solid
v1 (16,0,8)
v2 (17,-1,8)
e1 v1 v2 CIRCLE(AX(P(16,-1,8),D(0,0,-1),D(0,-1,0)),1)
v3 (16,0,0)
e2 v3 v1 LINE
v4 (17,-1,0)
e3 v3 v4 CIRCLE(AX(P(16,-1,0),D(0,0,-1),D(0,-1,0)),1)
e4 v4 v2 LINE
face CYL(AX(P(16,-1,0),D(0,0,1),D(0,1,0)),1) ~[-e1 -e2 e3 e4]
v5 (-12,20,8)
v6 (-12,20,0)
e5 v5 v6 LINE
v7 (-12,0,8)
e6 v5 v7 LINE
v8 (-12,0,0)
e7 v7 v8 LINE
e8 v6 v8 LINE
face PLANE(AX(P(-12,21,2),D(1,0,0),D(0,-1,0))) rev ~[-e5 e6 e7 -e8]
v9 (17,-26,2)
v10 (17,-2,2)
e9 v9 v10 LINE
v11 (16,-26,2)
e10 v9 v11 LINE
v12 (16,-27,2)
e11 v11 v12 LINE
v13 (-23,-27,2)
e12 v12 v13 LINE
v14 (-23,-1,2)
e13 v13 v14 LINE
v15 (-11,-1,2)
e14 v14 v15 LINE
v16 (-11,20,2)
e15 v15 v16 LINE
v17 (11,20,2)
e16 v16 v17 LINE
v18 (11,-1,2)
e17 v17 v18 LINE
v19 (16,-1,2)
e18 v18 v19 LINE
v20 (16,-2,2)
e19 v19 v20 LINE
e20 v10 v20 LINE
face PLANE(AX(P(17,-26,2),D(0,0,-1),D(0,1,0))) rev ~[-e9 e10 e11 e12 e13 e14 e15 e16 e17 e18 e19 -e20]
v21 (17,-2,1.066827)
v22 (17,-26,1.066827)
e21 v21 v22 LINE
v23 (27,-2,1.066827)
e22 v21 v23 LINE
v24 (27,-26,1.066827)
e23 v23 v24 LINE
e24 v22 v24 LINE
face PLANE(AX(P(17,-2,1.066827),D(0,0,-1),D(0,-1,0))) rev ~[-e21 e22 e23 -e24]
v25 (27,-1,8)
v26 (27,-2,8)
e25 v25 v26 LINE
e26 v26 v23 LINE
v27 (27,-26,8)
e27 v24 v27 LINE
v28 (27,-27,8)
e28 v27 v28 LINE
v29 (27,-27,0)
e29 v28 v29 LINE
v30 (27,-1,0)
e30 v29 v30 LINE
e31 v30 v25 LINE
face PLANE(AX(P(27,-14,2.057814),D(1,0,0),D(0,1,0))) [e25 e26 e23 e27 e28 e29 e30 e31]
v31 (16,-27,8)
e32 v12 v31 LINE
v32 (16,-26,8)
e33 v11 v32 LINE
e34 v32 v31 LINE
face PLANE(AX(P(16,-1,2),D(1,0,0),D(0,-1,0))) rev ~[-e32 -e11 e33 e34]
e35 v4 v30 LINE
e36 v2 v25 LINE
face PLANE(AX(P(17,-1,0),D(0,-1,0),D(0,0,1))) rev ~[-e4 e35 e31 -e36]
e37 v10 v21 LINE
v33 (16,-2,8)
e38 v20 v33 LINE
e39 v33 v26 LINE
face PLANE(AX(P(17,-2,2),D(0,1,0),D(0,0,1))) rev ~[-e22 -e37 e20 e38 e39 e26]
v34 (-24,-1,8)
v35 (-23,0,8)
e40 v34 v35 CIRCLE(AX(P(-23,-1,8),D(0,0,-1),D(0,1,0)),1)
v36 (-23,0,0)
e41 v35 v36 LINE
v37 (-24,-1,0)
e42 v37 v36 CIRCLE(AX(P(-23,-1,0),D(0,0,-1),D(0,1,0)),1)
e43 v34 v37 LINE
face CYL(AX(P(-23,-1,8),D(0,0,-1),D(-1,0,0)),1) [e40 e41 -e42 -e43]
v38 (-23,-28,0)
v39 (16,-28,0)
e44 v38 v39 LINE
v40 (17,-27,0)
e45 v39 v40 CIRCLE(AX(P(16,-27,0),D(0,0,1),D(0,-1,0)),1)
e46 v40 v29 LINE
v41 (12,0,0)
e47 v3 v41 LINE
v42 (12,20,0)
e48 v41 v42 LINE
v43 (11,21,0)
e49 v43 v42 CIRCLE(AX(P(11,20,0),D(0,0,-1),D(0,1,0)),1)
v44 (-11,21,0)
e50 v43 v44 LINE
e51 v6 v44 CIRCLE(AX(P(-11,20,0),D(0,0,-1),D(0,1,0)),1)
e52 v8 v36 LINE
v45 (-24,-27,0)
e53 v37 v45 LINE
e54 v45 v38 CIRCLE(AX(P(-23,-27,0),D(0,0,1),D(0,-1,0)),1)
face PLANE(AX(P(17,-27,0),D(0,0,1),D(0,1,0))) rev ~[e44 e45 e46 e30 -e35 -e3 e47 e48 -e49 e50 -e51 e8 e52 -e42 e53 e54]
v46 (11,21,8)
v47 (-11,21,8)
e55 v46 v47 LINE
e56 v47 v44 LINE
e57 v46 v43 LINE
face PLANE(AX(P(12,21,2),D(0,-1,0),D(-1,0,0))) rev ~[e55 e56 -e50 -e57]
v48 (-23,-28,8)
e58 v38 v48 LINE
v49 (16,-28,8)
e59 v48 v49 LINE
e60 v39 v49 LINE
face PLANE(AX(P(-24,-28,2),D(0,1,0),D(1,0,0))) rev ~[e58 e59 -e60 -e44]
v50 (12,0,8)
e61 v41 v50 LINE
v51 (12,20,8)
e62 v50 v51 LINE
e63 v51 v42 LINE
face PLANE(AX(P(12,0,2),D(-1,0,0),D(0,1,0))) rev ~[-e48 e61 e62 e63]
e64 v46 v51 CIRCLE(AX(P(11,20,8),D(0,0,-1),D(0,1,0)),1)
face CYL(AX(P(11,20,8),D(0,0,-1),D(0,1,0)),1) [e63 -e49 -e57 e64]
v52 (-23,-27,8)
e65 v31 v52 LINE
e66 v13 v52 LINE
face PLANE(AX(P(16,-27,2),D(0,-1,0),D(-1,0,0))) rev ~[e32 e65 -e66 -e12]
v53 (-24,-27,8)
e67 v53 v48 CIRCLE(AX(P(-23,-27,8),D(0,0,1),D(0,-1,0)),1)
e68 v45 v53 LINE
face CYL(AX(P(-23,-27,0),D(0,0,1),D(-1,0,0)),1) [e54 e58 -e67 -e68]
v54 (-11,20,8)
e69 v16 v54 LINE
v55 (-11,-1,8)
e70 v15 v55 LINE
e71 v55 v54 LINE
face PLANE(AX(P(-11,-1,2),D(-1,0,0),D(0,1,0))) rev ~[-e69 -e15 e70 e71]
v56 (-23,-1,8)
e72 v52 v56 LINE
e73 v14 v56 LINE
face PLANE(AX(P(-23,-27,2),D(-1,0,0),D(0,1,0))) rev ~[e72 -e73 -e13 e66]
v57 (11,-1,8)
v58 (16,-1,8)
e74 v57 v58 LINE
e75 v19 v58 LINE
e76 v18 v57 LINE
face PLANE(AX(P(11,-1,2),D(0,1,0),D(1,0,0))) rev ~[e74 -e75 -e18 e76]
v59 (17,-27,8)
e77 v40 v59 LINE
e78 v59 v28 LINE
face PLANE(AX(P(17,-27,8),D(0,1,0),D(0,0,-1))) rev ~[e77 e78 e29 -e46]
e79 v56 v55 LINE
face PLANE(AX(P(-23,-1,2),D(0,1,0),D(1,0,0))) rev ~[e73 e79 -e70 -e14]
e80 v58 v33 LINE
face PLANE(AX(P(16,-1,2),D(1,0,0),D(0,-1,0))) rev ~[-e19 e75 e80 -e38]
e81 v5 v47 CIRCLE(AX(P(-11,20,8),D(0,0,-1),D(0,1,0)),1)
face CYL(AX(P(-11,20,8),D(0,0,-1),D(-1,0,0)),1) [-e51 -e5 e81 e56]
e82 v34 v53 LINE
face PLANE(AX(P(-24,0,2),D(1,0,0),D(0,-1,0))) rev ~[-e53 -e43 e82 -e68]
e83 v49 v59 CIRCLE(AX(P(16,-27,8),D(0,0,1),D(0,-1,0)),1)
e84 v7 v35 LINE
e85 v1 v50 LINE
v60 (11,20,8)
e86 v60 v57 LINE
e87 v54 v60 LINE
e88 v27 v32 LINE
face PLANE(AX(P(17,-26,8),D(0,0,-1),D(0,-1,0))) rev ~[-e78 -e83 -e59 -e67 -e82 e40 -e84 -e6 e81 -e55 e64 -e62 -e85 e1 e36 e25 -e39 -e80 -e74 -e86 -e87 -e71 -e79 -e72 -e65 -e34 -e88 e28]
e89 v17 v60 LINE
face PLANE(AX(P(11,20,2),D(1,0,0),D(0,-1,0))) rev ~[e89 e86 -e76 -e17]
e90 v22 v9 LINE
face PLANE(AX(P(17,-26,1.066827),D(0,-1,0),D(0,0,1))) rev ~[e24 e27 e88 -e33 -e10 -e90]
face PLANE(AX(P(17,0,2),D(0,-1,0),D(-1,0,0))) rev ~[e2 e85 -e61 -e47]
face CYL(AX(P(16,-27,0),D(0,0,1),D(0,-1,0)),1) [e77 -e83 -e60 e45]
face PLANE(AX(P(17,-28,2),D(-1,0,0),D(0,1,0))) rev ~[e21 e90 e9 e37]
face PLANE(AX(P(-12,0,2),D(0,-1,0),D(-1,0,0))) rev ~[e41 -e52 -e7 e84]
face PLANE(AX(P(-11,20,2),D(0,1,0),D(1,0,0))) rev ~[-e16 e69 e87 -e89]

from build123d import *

# Parameters (mm, degrees)
F1_DEPTH = 2
F3_DEPTH = 6
F4_W     = 24
F4_H     = 6
F5_DEPTH = 1
F6_R     = 1
F8_DEPTH = 10


with BuildPart() as f1:
    # F0 (on Top) → F1 (new body)
    with BuildSketch(Plane.XY):
        Polygon((-24, 0), (-24, -28), (17, -28), (17, 0), (12, 0), (12, 21), (-12, 21), (-12, 0), align=None)
    extrude(amount=F1_DEPTH)

    # F2 (on face) → F3 (join)
    with BuildSketch(Plane.XY.offset(2)):
        Polygon((-24, 0), (-24, -28), (17, -28), (17, 0), (12, 0), (12, 21), (-12, 21), (-12, 0), align=None)
        Polygon((-23, -1), (-11, -1), (-11, 20), (11, 20), (11, -1), (16, -1), (16, -27), (-23, -27), align=None, mode=Mode.SUBTRACT)
    extrude(amount=F3_DEPTH)

    # F4 (on face) → F5 (cut, through all)
    with BuildSketch(Plane.YZ.offset(17)):
        with Locations((-14, 5)):
            Rectangle(F4_W, F4_H)
    extrude(amount=-F5_DEPTH, mode=Mode.SUBTRACT)

    # F6
    f6_edges = [f1.edges().sort_by_distance(p)[0] for p in [
        (-24, 0, 4),
        (-12, 21, 4),
        (12, 21, 4),
        (17, 0, 4),
        (17, -28, 4),
        (-24, -28, 4),
    ]]
    fillet(f6_edges, radius=F6_R)

    # F7 (on face) → F8 (join)
    with BuildSketch(Plane.YZ.offset(17)):
        Polygon((-26, 2), (-26, 8), (-27, 8), (-27, 0), (-1, 0), (-1, 8), (-2, 8), (-2, 2), (-2, 1.066827), (-26, 1.066827), align=None)
    extrude(amount=F8_DEPTH)


solid = f1.part
